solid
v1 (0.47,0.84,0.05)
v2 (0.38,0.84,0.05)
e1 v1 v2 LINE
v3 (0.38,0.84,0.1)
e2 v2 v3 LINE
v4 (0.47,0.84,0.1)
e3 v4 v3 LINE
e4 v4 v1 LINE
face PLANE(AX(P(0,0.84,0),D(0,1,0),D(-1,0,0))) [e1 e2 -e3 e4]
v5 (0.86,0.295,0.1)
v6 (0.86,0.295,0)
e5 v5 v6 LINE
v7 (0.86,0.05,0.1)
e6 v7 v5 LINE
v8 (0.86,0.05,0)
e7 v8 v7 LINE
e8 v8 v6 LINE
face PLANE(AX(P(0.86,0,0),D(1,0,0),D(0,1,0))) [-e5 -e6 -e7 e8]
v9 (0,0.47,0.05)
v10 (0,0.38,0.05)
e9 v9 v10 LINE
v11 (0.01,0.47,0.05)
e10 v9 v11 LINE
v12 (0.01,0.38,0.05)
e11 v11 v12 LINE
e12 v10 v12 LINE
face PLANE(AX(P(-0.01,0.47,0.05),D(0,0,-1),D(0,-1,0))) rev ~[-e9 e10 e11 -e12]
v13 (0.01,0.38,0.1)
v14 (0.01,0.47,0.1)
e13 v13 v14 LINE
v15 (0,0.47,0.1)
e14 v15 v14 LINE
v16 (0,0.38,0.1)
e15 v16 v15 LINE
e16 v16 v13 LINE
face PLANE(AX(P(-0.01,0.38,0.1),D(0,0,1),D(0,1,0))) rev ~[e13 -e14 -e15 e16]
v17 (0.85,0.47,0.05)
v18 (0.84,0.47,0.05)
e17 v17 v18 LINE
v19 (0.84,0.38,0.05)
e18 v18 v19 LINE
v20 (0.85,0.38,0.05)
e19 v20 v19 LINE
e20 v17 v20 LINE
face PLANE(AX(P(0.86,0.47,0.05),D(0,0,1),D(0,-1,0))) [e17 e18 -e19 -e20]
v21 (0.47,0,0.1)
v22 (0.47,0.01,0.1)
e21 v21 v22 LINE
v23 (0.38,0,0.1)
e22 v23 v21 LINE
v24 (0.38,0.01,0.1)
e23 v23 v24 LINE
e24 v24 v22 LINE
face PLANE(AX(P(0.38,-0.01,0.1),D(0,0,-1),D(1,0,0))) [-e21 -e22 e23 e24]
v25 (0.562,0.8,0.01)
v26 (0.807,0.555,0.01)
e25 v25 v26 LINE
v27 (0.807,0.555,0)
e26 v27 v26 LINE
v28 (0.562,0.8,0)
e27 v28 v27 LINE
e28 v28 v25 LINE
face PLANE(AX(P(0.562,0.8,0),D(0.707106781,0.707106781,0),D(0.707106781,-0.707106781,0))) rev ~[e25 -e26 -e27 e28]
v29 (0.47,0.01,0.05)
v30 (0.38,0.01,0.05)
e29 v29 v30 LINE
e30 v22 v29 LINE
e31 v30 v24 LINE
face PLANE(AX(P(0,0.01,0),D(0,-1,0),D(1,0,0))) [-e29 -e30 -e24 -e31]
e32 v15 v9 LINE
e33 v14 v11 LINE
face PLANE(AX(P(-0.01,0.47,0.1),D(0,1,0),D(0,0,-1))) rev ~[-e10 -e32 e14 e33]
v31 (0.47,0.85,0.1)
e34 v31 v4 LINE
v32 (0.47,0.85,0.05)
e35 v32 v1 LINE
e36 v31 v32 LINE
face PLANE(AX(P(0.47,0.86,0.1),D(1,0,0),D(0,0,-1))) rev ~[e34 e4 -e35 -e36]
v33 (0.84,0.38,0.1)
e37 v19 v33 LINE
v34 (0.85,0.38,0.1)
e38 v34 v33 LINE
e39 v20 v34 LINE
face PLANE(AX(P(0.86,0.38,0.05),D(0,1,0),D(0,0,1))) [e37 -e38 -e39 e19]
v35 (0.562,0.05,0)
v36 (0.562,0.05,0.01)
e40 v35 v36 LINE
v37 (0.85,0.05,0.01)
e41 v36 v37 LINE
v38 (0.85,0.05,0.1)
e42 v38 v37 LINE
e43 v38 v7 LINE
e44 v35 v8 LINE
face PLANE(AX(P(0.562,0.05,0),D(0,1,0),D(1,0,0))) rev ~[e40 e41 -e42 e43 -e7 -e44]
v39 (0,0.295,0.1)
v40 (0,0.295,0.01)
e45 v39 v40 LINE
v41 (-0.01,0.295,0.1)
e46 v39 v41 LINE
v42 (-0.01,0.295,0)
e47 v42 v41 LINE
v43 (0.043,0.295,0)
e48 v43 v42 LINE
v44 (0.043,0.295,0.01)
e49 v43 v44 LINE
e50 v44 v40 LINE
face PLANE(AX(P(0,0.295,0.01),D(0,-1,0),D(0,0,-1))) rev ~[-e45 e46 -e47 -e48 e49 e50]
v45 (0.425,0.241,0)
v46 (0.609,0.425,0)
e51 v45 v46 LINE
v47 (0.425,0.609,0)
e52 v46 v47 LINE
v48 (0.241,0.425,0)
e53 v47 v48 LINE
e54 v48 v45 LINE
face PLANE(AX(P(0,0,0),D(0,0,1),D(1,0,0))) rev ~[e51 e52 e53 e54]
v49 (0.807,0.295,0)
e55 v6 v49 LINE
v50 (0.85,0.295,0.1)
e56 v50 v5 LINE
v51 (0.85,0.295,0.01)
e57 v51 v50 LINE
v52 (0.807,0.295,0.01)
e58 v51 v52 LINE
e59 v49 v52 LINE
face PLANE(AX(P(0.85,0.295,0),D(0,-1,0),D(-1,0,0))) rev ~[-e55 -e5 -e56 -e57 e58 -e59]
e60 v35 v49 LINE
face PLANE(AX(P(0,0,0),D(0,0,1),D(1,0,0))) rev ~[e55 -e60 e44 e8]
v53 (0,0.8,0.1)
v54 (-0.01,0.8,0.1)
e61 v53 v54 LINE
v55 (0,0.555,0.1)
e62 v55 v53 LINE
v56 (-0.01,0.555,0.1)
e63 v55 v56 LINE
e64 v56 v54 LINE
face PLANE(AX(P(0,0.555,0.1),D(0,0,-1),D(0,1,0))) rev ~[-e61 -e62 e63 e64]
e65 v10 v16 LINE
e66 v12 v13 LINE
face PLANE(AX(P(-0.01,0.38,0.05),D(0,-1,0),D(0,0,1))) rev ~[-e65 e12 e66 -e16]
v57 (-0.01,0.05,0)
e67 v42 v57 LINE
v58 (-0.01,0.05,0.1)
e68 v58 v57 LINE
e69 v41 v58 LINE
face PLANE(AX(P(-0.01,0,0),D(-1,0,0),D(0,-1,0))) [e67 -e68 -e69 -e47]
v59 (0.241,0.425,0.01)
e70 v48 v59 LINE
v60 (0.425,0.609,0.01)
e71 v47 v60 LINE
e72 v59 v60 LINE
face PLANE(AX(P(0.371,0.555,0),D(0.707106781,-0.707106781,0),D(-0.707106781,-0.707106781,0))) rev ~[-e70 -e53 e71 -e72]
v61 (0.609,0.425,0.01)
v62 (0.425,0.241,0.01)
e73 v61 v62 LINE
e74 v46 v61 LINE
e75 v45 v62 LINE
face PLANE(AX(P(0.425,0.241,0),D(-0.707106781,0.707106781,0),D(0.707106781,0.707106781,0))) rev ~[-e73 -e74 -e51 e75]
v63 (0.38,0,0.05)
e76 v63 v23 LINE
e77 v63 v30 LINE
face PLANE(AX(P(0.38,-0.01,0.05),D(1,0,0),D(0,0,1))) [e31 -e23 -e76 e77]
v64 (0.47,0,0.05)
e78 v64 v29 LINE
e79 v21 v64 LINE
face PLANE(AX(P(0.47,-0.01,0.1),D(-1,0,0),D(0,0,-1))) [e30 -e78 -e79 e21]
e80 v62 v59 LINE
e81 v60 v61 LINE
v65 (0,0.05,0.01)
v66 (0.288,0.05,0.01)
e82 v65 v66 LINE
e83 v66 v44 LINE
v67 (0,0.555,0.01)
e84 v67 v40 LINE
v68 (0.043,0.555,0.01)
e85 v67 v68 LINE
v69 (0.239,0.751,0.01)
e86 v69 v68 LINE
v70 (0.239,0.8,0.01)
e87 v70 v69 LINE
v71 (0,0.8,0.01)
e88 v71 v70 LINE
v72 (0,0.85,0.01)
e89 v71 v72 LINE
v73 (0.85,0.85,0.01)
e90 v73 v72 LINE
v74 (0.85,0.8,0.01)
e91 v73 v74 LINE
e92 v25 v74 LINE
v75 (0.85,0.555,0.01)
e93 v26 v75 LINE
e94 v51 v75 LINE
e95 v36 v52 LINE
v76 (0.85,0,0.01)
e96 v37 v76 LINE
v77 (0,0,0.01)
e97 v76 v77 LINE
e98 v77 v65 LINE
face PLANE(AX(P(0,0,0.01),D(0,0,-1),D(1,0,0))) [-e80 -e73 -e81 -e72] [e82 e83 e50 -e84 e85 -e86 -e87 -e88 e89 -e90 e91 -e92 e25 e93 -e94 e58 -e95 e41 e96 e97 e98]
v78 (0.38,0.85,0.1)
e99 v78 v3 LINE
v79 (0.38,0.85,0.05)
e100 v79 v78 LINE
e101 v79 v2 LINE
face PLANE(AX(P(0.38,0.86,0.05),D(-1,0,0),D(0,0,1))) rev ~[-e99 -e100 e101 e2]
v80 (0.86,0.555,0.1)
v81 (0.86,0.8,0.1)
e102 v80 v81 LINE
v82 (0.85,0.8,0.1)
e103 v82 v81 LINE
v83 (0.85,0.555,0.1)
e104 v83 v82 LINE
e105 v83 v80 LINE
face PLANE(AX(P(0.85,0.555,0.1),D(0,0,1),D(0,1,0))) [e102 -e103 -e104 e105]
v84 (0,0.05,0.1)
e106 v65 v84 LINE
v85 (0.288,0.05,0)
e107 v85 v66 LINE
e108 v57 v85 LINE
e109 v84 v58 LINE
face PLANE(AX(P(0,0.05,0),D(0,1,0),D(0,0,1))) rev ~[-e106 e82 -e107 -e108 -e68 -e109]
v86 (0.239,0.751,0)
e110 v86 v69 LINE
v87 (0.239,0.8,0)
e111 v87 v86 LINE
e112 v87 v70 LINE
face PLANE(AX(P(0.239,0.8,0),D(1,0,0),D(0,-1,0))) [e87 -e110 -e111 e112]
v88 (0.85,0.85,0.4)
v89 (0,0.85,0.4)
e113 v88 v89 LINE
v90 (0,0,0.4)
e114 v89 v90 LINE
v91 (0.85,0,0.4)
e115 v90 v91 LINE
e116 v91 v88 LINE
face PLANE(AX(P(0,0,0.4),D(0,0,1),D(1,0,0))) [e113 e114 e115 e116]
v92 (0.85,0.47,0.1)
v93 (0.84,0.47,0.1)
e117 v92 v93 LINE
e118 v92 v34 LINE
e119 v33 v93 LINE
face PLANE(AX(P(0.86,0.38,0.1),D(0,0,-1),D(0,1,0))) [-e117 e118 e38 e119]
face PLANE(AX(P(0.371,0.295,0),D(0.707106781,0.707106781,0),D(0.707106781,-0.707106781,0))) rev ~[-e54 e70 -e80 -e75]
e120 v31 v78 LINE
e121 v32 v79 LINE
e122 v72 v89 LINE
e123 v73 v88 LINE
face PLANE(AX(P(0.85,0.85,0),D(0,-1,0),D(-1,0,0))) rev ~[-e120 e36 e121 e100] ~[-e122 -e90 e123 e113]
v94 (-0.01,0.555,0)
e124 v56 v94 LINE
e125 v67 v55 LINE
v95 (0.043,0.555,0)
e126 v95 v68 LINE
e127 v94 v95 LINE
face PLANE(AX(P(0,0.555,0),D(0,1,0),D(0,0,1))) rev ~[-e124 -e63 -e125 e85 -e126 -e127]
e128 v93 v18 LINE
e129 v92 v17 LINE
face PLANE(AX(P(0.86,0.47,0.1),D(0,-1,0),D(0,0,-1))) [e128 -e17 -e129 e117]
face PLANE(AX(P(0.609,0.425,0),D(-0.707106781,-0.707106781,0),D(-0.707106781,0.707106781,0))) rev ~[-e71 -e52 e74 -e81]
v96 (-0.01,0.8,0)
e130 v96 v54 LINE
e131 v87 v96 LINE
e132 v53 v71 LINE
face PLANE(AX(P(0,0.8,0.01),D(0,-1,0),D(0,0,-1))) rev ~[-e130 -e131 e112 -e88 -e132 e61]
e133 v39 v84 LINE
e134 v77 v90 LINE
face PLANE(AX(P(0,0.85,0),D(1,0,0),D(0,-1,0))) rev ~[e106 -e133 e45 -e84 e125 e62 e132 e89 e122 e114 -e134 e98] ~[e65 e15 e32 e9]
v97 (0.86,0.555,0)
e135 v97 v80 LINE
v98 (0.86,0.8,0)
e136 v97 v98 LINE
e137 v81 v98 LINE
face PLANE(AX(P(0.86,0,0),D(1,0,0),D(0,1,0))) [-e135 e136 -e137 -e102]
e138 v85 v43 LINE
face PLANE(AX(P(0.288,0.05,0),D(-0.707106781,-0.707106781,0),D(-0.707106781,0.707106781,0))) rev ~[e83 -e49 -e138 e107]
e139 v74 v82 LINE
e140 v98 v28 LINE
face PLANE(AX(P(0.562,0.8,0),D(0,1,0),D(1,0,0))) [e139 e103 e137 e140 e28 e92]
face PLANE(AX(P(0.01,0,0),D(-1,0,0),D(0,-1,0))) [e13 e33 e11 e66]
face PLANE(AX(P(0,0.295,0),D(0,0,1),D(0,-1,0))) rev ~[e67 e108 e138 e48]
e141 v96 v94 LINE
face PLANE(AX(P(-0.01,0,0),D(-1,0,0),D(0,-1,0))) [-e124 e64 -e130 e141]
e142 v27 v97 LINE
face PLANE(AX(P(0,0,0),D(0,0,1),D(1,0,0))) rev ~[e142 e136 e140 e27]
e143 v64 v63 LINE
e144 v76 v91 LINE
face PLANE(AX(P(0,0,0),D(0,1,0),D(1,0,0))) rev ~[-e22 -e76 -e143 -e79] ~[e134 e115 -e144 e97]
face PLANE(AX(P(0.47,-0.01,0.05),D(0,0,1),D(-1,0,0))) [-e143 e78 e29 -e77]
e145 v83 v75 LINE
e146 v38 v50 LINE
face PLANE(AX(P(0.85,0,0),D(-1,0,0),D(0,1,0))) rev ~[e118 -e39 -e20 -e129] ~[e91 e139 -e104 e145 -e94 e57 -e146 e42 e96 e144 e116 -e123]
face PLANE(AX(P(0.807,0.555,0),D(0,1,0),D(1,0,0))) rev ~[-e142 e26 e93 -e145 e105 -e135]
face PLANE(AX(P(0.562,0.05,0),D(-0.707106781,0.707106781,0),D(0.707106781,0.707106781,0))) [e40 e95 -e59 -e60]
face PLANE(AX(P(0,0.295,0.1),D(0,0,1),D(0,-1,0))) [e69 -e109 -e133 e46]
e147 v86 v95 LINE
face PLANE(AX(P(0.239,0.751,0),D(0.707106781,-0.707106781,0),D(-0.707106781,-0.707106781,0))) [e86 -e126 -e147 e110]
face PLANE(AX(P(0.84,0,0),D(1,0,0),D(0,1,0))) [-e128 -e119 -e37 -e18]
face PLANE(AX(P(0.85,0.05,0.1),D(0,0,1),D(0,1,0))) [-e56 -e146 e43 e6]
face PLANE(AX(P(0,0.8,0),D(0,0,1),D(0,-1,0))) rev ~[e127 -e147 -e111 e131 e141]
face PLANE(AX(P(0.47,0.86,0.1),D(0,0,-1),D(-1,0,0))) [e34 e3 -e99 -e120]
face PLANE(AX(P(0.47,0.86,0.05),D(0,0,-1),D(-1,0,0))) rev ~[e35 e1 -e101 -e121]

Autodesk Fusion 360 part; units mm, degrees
sketch "Sketch1" plane through (0, 0, 0) normal (0, 0, 1) x (1, 0, 0)
  line L0 (0, 0) -> (0.85, 0)
  line L1 (0.85, 0) -> (0.85, 0.85)
  line L2 (0.85, 0.85) -> (0, 0.85)
  line L3 (0, 0.85) -> (0, 0)
  dimension "d1" = 0.85
  dimension "d2" = 0.85
extrude "Extrude1" add sketch "Sketch1" along normal blind 0.4
sketch "Sketch2" plane through (0, 0, 0) normal (0, 0, -1) x (1, 0, 0)
  line L0 (0, 0) -> (0, -0.85)
  line L1 (0, -0.85) -> (0.85, -0.85)
  line L2 (0.85, -0.85) -> (0.85, 0)
  line L3 (0.85, 0) -> (0, 0)
  line L4 (0.425, -0.85) -> (0.85, -0.85)
  line L5 (0.425, -0.85) -> (0.425, 0)
  line L6 (0.425, -0.425) -> (0.85, -0.425)
  line L7 (0.425, -0.425) -> (0, -0.425)
  line L8 (0.425, -0.425) -> (0.425, -0.241)
  line L9 (0.425, -0.425) -> (0.425, -0.609)
  line L10 (0.425, -0.425) -> (0.609, -0.425)
  line L11 (0.425, -0.425) -> (0.241, -0.425)
  line L12 (0.241, -0.425) -> (0.425, -0.241)
  line L13 (0.425, -0.241) -> (0.609, -0.425)
  line L14 (0.609, -0.425) -> (0.425, -0.609)
  line L15 (0.425, -0.609) -> (0.241, -0.425)
  line L16 (0, -0.425) -> (0, -0.555)
  line L17 (0, -0.425) -> (0, -0.295)
  line L18 (0.85, -0.425) -> (0.85, -0.295)
  line L19 (0.85, -0.425) -> (0.85, -0.555)
  line L20 (0.425, -0.85) -> (0.425, -0.75)
  line L21 (0.85, -0.425) -> (0.75, -0.425)
  line L22 (0.425, -0.75) -> (0.75, -0.425)
  line L23 (0.425, 0) -> (0.425, -0.1)
  line L24 (0.425, -0.1) -> (0.75, -0.425)
  line L25 (0, -0.425) -> (0.1, -0.425)
  line L26 (0.1, -0.425) -> (0.425, -0.1)
  line L27 (0.1, -0.425) -> (0.425, -0.75)
  line L28 (0, -0.555) -> (0.85, -0.555)
  line L29 (0.85, -0.295) -> (0, -0.295)
  line L30 (0, -0.85) -> (0, -0.8)
  line L31 (0, -0.8) -> (0.85, -0.8)
  line L32 (0.85, 0) -> (0.85, -0.05)
  line L33 (0, -0.05) -> (0.85, -0.05)
  line L34 (0.85, -0.05) -> (0, -0.05)
  line L35 (0.85, -0.8) -> (0.562, -0.8)
  line L36 (0, -0.8) -> (0.288, -0.8)
  line L37 (0, -0.05) -> (0.288, -0.05)
  line L38 (0.85, -0.05) -> (0.562, -0.05)
  line L39 (0.562, -0.8) -> (0.85, -0.512)
  line L40 (0.562, -0.8) -> (0.9693, -0.8) construction
  line L41 (0.288, -0.8) -> (0, -0.512)
  line L42 (0.562, -0.05) -> (0.85, -0.338)
  line L43 (0.288, -0.05) -> (0, -0.338)
  line L44 (0, -0.8) -> (0.239, -0.8)
  line L45 (0.239, -0.8) -> (0.239, -0.751)
  dimension "d7" = 0.184
  dimension "d8" = 0.184
  dimension "d9" = 0.184
  dimension "d10" = 0.184
  dimension "d11" = 0.13
  dimension "d12" = 0.13
  dimension "d13" = 0.13
  dimension "d14" = 0.13
  dimension "d15" = 0.288
  dimension "d16" = 0.288
  dimension "d17" = 0.288
  dimension "d18" = 0.288
  dimension "d19" = 45
  dimension "d20" = 90
  dimension "d21" = 90
  dimension "d22" = 0.239
extrude "Extrude2" cut sketch "Sketch2" against normal blind 0.01 contours L0 L3 L5 L23 L33 L34 L37 | L2 L3 L5 L23 L32 L33 L34 L38 | L0 L17 L29 L43 | L5 L23 L26 L29 L33 L34 L43 | L5 L23 L24 L29 L33 L34 L42 | L0 L7 L17 L25 L26 L29 L43 | L5 L13 L24 L29 | L5 L12 L26 L29 | L0 L7 L16 L25 L27 L28 L41 | L7 L12 L26 L29 | L2 L18 L29 L42 | L2 L6 L18 L21 L24 L29 L42 | L6 L13 L24 L29 | L0 L16 L28 L41 | L7 L15 L27 L28 | L6 L14 L22 L28 | L2 L6 L19 L21 L22 L28 L39 | L5 L20 L27 L28 L31 L41 | L5 L15 L27 L28 | L5 L20 L22 L28 L31 L39 | L5 L14 L22 L28 | L0 L1 L5 L20 L30 L31 L36 L44 | L31 L36 L41 L45 | L2 L19 L28 L39 | L1 L2 L4 L5 L20 L31 L35
sketch "Sketch3" plane through (0, 0, 0) normal (-1, 0, 0) x (0, -1, 0)
  line L0 (-0.05, 0.01) -> (0, 0.01)
  line L1 (0, 0.01) -> (0, 0.4)
  line L2 (0, 0.4) -> (-0.85, 0.4)
  line L3 (-0.85, 0.4) -> (-0.85, 0.01)
  line L4 (-0.85, 0.01) -> (-0.8, 0.01)
  line L5 (-0.8, 0.01) -> (-0.8, 0)
  line L6 (-0.8, 0) -> (-0.555, 0)
  line L7 (-0.555, 0) -> (-0.555, 0.01)
  line L8 (-0.555, 0.01) -> (-0.295, 0.01)
  line L9 (-0.295, 0.01) -> (-0.295, 0)
  line L10 (-0.295, 0) -> (-0.05, 0)
  line L11 (-0.05, 0) -> (-0.05, 0.01)
  line L12 (-0.8, 0.01) -> (-0.8, 0.1)
  line L13 (-0.555, 0.01) -> (-0.555, 0.1)
  line L14 (-0.555, 0.1) -> (-0.8, 0.1)
  line L15 (-0.295, 0.01) -> (-0.295, 0.1)
  line L16 (-0.295, 0.1) -> (-0.05, 0.1)
  line L17 (-0.05, 0.1) -> (-0.05, 0.01)
  line L18 (-0.555, 0.1) -> (-0.47, 0.1)
  line L19 (-0.295, 0.1) -> (-0.38, 0.1)
  line L20 (-0.38, 0.1) -> (-0.47, 0.1)
  line L21 (-0.47, 0.1) -> (-0.47, 0.05)
  line L22 (-0.47, 0.05) -> (-0.38, 0.05)
  line L23 (-0.38, 0.05) -> (-0.38, 0.1)
  line L24 (-0.05, 0.1) -> (0, 0.1)
  line L25 (-0.8, 0.1) -> (-0.85, 0.1)
  dimension "d25" = 0.09
sketch "Sketch4" plane through (0, 0.85, 0) normal (0, 1, 0) x (-1, 0, 0)
  line L0 (-0.85, 0.01) -> (0, 0.01)
  line L1 (0, 0.01) -> (0, 0.4)
  line L2 (0, 0.4) -> (-0.85, 0.4)
  line L3 (-0.85, 0.4) -> (-0.85, 0.01)
  line L4 (0, 0.1) -> (-0.85, 0.1)
  line L5 (-0.425, 0.1) -> (-0.38, 0.1)
  line L6 (-0.425, 0.1) -> (-0.47, 0.1)
  line L7 (-0.47, 0.1) -> (-0.47, 0.05)
  line L8 (-0.47, 0.05) -> (-0.38, 0.05)
  line L9 (-0.38, 0.05) -> (-0.38, 0.1)
sketch "Sketch5" plane through (0, 0, 0) normal (0, -1, 0) x (1, 0, 0)
  line L0 (0, 0.01) -> (0.85, 0.01)
  line L1 (0.85, 0.01) -> (0.85, 0.4)
  line L2 (0.85, 0.4) -> (0, 0.4)
  line L3 (0, 0.4) -> (0, 0.01)
  line L4 (0, 0.1) -> (0.85, 0.1)
  line L5 (0.425, 0.1) -> (0.47, 0.1)
  line L6 (0.47, 0.1) -> (0.47, 0.05)
  line L7 (0.47, 0.05) -> (0.38, 0.05)
  line L8 (0.38, 0.05) -> (0.38, 0.1)
sketch "Sketch6" plane through (0.85, 0, 0) normal (1, 0, 0) x (0, 1, 0)
  line L0 (0, 0.01) -> (0.05, 0.01)
  line L1 (0.05, 0.01) -> (0.05, 0)
  line L2 (0.05, 0) -> (0.295, 0)
  line L3 (0.295, 0) -> (0.295, 0.01)
  line L4 (0.295, 0.01) -> (0.555, 0.01)
  line L5 (0.555, 0.01) -> (0.555, 0)
  line L6 (0.555, 0) -> (0.8, 0)
  line L7 (0.8, 0) -> (0.8, 0.01)
  line L8 (0.8, 0.01) -> (0.85, 0.01)
  line L9 (0.85, 0.01) -> (0.85, 0.4)
  line L10 (0.85, 0.4) -> (0, 0.4)
  line L11 (0, 0.4) -> (0, 0.01)
  line L12 (0, 0.1) -> (0.85, 0.1)
  line L13 (0.425, 0.1) -> (0.47, 0.1)
  line L14 (0.47, 0.1) -> (0.47, 0.05)
  line L15 (0.47, 0.05) -> (0.38, 0.05)
  line L16 (0.38, 0.05) -> (0.38, 0.1)
  line L17 (0.555, 0.01) -> (0.555, 0.1)
  line L18 (0.8, 0.01) -> (0.8, 0.1)
  line L19 (0.295, 0.01) -> (0.295, 0.1)
  line L20 (0.05, 0.01) -> (0.05, 0.1)
extrude "Extrude3" add sketch "Sketch4" along normal blind 0.01 contours L4 L5 L6 L7 L8 L9
extrude "Extrude4" add sketch "Sketch6" along normal blind 0.01 contours L1 L2 L3 L12 L19 L20 | L12 L13 L14 L15 L16 | L5 L6 L7 L12 L17 L18
extrude "Extrude5" add sketch "Sketch3" along normal blind 0.01 contours L9 L10 L11 L15 L16 L17 | L20 L21 L22 L23 | L5 L6 L7 L12 L13 L14
extrude "Extrude6" add sketch "Sketch5" along normal blind 0.01 contours L4 L5 L6 L7 L8
extrude "Extrude7" cut 1 faces at (0.86, 0.41, 0.0833) along direction (-1, 0, 0) blind 0.02
extrude "Extrude8" cut 1 faces at (0.41, -0.01, 0.0833) along direction (0, 1, 0) blind 0.02
extrude "Extrude9" cut 1 faces at (0.44, 0.86, 0.0833) along direction (0, -1, 0) blind 0.02
extrude "Extrude10" cut 1 faces at (-0.01, 0.44, 0.0833) along direction (1, 0, 0) blind 0.02
